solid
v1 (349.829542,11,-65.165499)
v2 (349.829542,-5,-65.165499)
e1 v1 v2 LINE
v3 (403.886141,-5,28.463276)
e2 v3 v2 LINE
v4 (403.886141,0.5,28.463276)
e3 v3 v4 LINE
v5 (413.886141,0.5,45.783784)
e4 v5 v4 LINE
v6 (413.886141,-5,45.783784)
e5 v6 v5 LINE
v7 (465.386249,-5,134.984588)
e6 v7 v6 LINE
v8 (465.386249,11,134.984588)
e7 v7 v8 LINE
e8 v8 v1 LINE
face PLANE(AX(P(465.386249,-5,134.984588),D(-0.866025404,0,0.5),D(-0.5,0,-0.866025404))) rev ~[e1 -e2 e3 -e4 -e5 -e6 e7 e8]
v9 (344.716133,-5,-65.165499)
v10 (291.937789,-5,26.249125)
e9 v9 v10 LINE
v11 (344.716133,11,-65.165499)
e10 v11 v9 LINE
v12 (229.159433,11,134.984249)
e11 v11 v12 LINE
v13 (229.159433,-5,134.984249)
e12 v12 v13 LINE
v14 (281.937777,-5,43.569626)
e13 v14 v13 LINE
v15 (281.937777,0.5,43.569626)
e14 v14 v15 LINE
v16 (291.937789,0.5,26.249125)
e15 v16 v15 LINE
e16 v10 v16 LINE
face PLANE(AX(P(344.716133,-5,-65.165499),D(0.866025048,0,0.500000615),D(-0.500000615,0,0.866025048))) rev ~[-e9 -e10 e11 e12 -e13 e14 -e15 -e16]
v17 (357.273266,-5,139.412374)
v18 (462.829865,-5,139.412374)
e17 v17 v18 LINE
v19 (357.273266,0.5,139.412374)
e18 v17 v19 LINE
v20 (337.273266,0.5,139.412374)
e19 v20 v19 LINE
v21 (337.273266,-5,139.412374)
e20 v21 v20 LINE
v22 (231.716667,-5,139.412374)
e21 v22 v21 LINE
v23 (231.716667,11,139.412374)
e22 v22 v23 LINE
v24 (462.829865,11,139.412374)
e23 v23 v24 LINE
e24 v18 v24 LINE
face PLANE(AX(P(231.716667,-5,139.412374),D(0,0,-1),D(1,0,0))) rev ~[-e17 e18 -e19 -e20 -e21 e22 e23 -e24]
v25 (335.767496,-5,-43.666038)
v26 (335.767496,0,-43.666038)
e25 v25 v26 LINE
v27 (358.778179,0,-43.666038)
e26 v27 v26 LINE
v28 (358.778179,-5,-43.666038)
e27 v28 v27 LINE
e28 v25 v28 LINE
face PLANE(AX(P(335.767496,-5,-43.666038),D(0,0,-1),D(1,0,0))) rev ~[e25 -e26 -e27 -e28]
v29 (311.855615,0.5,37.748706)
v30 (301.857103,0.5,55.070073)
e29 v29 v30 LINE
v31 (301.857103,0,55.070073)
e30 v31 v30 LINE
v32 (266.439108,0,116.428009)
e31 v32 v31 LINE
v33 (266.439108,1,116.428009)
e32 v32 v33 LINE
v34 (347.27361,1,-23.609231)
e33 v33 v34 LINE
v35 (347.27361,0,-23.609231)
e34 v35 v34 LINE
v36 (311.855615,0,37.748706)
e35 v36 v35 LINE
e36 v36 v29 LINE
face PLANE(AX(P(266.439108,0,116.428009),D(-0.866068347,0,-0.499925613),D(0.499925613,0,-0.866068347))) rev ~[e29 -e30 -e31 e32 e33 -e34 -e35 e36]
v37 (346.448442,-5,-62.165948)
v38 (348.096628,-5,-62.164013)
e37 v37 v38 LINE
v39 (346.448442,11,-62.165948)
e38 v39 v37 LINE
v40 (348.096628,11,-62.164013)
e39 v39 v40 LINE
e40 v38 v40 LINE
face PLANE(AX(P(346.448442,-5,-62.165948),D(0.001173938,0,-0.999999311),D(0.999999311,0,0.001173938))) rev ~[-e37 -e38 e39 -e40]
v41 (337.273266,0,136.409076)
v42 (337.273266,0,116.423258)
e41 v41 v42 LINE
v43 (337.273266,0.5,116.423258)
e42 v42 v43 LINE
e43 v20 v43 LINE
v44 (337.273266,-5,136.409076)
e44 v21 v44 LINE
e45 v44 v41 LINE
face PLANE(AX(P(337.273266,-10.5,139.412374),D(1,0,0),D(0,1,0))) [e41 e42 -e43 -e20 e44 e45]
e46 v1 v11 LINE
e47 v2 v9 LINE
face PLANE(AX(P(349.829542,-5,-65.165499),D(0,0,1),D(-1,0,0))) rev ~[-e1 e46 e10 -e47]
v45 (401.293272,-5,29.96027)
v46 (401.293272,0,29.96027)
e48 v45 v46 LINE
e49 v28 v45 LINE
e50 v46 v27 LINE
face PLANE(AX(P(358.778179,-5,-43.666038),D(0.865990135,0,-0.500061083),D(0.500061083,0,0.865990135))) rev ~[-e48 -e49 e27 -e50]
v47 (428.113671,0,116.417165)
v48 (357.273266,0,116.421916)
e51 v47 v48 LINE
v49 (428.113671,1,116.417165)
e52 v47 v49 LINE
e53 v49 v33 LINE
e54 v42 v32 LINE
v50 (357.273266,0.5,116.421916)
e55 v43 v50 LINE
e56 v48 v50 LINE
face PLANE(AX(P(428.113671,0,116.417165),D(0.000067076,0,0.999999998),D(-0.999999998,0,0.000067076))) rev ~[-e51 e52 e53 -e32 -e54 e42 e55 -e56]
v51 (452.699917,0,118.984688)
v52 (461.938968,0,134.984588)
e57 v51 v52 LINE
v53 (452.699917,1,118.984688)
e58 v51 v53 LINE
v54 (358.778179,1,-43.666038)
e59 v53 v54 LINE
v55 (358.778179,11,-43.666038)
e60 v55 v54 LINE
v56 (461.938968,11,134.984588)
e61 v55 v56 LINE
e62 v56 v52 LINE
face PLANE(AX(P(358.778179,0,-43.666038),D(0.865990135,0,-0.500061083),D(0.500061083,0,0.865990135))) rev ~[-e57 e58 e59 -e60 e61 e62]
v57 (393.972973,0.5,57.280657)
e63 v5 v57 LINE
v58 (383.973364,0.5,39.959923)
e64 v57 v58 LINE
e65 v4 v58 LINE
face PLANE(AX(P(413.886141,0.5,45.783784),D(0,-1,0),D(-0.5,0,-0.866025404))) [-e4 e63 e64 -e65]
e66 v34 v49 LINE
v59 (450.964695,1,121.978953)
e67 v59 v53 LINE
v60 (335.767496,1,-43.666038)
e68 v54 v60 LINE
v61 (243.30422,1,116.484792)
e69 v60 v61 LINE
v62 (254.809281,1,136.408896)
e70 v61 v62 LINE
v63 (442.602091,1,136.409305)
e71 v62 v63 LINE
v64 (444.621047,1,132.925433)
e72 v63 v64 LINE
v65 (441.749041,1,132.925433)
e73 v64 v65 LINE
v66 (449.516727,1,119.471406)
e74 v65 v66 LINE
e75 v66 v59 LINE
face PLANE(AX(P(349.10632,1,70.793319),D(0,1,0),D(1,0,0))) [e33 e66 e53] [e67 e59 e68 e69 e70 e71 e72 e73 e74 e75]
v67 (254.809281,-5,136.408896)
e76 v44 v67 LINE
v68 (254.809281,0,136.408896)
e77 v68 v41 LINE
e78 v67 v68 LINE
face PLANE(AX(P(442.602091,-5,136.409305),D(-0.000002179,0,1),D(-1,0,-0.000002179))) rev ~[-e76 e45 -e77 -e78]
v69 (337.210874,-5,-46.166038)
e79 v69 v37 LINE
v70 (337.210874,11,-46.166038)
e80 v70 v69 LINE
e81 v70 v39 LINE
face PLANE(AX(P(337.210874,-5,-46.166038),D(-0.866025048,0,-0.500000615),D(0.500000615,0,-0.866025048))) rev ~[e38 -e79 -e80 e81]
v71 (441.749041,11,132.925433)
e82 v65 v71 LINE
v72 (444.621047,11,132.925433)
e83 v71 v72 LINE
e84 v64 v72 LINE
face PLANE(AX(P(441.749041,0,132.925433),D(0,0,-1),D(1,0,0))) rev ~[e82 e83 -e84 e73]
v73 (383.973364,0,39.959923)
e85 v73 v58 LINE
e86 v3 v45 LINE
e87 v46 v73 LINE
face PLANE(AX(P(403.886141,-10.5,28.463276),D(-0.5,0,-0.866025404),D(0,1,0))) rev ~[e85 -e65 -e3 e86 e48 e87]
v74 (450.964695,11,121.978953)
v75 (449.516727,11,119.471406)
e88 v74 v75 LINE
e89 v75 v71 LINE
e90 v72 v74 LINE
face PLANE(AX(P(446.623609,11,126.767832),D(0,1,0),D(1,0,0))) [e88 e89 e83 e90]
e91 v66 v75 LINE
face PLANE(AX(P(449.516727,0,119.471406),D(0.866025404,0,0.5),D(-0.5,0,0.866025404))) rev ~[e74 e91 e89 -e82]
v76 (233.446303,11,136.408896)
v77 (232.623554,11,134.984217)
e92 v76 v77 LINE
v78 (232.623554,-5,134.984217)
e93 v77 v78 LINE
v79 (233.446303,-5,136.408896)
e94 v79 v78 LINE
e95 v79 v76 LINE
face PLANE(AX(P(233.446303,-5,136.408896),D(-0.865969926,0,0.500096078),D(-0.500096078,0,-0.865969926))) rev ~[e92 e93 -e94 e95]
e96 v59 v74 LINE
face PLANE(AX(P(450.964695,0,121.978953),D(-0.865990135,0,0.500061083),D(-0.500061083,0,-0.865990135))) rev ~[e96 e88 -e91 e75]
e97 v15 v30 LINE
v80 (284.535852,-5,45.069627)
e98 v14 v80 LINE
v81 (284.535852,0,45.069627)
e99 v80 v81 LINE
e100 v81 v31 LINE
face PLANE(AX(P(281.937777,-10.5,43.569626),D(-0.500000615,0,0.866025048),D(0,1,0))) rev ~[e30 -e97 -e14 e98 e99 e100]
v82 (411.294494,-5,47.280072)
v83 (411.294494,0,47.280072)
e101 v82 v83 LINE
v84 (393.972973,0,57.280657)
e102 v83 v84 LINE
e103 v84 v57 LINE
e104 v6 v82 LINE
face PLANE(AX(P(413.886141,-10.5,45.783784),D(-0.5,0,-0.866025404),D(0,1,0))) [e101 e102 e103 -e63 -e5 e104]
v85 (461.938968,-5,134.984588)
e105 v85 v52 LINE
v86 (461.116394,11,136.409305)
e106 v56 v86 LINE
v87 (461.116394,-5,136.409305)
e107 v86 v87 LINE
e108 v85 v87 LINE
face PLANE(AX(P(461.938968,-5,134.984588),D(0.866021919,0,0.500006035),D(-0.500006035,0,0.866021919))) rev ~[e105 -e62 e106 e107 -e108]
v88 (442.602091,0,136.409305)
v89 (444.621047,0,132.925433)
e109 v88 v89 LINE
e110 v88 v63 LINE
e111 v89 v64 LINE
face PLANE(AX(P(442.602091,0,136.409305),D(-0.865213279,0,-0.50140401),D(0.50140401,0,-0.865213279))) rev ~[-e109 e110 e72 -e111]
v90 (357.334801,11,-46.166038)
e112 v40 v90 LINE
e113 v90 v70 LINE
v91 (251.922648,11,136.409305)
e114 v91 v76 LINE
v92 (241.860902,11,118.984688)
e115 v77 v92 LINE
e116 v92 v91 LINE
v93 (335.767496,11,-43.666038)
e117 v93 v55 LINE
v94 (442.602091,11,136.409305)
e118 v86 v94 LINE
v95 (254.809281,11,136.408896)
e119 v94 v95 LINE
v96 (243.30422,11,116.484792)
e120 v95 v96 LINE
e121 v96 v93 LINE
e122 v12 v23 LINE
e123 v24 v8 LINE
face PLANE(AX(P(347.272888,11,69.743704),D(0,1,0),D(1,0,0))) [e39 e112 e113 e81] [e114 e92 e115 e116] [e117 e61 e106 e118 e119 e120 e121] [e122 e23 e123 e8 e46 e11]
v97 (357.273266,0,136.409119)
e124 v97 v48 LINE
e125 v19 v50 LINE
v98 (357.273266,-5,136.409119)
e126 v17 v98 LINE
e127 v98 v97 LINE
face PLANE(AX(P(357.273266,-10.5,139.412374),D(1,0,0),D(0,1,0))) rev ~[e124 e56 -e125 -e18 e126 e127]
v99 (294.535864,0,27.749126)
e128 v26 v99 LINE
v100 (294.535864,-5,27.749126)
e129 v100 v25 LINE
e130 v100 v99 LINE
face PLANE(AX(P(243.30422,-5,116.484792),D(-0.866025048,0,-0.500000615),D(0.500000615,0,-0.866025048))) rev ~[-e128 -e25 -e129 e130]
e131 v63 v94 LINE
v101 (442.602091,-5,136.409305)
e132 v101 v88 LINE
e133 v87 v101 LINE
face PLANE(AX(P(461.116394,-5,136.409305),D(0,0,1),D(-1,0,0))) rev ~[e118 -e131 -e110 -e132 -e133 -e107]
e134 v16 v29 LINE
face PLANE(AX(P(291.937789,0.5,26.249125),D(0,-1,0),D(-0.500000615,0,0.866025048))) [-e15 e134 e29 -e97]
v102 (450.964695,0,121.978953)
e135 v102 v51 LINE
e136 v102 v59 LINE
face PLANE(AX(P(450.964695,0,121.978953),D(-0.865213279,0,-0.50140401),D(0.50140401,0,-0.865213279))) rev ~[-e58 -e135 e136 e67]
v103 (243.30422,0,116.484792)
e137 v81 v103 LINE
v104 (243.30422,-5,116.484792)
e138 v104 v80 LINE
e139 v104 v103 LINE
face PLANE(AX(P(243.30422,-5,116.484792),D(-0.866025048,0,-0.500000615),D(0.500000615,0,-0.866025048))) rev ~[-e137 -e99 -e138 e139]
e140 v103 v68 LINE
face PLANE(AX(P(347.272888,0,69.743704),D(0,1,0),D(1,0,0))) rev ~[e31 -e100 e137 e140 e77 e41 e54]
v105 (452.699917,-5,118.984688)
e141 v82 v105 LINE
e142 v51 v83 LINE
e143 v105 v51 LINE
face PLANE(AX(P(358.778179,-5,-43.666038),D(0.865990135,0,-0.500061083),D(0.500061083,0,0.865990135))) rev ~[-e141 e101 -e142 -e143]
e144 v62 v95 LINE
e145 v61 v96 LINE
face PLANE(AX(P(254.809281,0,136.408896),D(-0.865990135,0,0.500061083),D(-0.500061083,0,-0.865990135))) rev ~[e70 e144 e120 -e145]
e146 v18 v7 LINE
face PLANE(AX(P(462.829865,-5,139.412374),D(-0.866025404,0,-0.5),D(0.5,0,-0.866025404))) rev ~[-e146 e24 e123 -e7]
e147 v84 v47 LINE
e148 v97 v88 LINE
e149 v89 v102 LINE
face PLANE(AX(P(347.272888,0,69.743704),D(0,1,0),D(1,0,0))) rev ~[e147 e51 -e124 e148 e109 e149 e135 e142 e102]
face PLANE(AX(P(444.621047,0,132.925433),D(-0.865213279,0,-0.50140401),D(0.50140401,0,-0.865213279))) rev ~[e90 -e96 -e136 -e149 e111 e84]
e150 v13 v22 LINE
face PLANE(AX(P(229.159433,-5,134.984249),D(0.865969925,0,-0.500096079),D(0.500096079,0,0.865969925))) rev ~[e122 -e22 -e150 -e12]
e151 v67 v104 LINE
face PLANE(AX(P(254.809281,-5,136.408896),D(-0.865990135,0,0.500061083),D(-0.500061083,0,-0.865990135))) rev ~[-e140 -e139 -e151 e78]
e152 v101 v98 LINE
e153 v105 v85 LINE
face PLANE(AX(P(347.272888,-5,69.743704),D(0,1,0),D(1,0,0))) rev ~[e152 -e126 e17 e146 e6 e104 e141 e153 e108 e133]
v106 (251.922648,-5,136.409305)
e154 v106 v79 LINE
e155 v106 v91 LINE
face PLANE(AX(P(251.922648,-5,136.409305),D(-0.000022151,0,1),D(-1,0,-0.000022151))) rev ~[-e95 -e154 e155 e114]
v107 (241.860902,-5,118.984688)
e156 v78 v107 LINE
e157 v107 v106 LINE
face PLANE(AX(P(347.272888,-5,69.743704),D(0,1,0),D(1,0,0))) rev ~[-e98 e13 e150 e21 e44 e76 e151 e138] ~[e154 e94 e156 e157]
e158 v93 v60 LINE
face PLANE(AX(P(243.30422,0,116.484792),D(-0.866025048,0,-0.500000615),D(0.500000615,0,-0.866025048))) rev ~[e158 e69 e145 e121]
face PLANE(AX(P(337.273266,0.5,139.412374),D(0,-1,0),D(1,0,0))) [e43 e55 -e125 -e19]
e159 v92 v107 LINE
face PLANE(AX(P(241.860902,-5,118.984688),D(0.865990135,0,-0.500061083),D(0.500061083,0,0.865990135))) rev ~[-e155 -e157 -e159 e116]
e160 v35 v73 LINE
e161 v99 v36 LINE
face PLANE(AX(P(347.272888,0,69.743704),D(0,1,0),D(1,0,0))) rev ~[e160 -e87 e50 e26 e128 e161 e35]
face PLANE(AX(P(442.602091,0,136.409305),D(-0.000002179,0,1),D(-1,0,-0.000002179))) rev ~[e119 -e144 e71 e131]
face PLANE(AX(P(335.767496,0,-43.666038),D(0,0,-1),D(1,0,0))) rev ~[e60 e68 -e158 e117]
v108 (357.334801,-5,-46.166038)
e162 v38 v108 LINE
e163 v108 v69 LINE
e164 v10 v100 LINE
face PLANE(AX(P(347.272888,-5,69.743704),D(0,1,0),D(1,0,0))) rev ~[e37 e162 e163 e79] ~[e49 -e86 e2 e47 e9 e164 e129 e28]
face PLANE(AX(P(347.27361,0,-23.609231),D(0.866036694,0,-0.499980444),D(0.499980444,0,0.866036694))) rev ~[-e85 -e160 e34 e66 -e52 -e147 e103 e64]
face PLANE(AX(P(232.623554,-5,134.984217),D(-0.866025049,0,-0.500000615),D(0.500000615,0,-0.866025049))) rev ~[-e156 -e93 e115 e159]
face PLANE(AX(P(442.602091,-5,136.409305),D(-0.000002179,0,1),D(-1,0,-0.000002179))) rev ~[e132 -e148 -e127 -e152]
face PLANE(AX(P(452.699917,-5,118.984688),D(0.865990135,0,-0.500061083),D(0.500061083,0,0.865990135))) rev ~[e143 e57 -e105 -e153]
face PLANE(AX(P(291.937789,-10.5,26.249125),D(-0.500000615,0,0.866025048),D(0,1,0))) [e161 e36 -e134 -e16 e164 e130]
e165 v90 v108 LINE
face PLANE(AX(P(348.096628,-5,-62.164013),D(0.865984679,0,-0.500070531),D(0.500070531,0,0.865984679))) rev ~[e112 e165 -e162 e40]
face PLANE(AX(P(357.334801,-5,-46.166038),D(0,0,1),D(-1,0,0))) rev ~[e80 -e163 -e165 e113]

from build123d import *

# Parameters (mm, degrees)
BOSS_EXTRUDE1_DEPTH      = 1
BOSS_EXTRUDE2_DEPTH      = 11
BOSS_EXTRUDE3_DEPTH      = 10
BOSS_EXTRUDE3_DEPTH_BACK = 5
SKETCH3_W                = 20
SKETCH3_H                = 11
CUT_EXTRUDE3_DEPTH       = 25
SKETCH5_W                = 20
SKETCH5_H                = 11
CUT_EXTRUDE4_DEPTH       = 25
SKETCH6_W                = 20
SKETCH6_H                = 11
CUT_EXTRUDE5_DEPTH       = 25


with BuildPart() as part:
    # Sketch1 → Boss-Extrude1 (new body)
    with BuildSketch(Plane(origin=(0, 0, 0), x_dir=(1, 0, 0), z_dir=(0, 1, 0))):
        Polygon((243.304219773, -116.484791866), (254.809280576, -136.408896139), (442.602090749, -136.409305398), (444.621046679, -132.925433223), (441.749040748, -132.925433223), (449.516726723, -119.471406457), (450.964695297, -121.978953122), (452.699916621, -118.984688017), (358.778179035, 43.666038066), (335.767496284, 43.666038066), align=None)
        Polygon((428.113670919, -116.417164681), (266.439108268, -116.428009241), (347.273609729, 23.609230825), align=None, mode=Mode.SUBTRACT)
    extrude(amount=BOSS_EXTRUDE1_DEPTH)

    # Sketch1<9> → Boss-Extrude2 (add)
    # profile 1 of 2: a face of its own
    with BuildSketch(Plane(origin=(0, 0, 0), x_dir=(1, 0, 0), z_dir=(0, 1, 0))):
        Polygon((229.159432547, -134.984249184), (231.716666588, -139.412373829), (462.829865412, -139.412373829), (465.38624875, -134.984588004), (349.829542096, 65.165499075), (344.716133219, 65.165499075), align=None)
        Polygon((251.922647988, -136.4093054), (233.446303399, -136.408896139), (232.623553959, -134.984217358), (241.860901688, -118.984688019), align=None, mode=Mode.SUBTRACT)
        Polygon((442.602090749, -136.409305398), (254.809280576, -136.408896139), (243.304219773, -116.484791866), (335.767496284, 43.666038066), (358.778179035, 43.666038066), (461.938967957, -134.984588004), (461.116393748, -136.409305398), align=None, mode=Mode.SUBTRACT)
        Polygon((348.096628302, 62.164013367), (357.334800991, 46.166038067), (337.210874326, 46.166038067), (346.44844193, 62.165948237), align=None, mode=Mode.SUBTRACT)
    # profile 2 of 2: a face of its own
    with BuildSketch(Plane(origin=(0, 0, 0), x_dir=(1, 0, 0), z_dir=(0, 1, 0))):
        Polygon((441.749040748, -132.925433223), (444.621046679, -132.925433223), (450.964695297, -121.978953122), (449.516726723, -119.471406457), align=None)
    extrude(amount=BOSS_EXTRUDE2_DEPTH)

    # Sketch1<10> → Boss-Extrude3 (add, two sides: drawn at the far end of the back side and taken through both)
    with BuildSketch(Plane(origin=(0, 0, 0), x_dir=(1, 0, 0), z_dir=(0, 1, 0)).offset(-BOSS_EXTRUDE3_DEPTH_BACK)):
        Polygon((229.159432547, -134.984249184), (231.716666588, -139.412373829), (462.829865412, -139.412373829), (465.38624875, -134.984588004), (349.829542096, 65.165499075), (344.716133219, 65.165499075), align=None)
        Polygon((251.922647988, -136.4093054), (233.446303399, -136.408896139), (232.623553959, -134.984217358), (241.860901688, -118.984688019), align=None, mode=Mode.SUBTRACT)
        Polygon((442.602090749, -136.409305398), (254.809280576, -136.408896139), (243.304219773, -116.484791866), (335.767496284, 43.666038066), (358.778179035, 43.666038066), (452.699916621, -118.984688017), (461.938967957, -134.984588004), (461.116393748, -136.409305398), align=None, mode=Mode.SUBTRACT)
        Polygon((348.096628302, 62.164013367), (357.334800991, 46.166038067), (337.210874326, 46.166038067), (346.44844193, 62.165948237), align=None, mode=Mode.SUBTRACT)
    extrude(amount=BOSS_EXTRUDE3_DEPTH + BOSS_EXTRUDE3_DEPTH_BACK)

    # Sketch3 → Cut-Extrude3 (cut)
    with BuildSketch(Plane(origin=(290.589645397, 0, -167.772009994), x_dir=(-0.49999999999998745, 0, -0.8660254037844459), z_dir=(0.8660254037844459, 0, -0.49999999999998745))):
        with Locations((-236.592990632, -5)):
            Rectangle(SKETCH3_W, SKETCH3_H)
    extrude(amount=-CUT_EXTRUDE3_DEPTH, mode=Mode.SUBTRACT)

    # Sketch5 → Cut-Extrude4 (cut)
    with BuildSketch(Plane.XY.offset(139.412373829)):
        with Locations((347.273266, -5)):
            Rectangle(SKETCH5_W, SKETCH5_H)
    extrude(amount=-CUT_EXTRUDE4_DEPTH, mode=Mode.SUBTRACT)

    # Sketch6 → Cut-Extrude5 (cut)
    with BuildSketch(Plane(origin=(230.319375797, 0, 132.975171838), x_dir=(-0.5000006154012504, 0, 0.8660250484820695), z_dir=(-0.8660250484820695, 0, -0.5000006154012504))):
        with Locations((-113.2366748, -5)):
            Rectangle(SKETCH6_W, SKETCH6_H)
    extrude(amount=-CUT_EXTRUDE5_DEPTH, mode=Mode.SUBTRACT)


solid = part.part
